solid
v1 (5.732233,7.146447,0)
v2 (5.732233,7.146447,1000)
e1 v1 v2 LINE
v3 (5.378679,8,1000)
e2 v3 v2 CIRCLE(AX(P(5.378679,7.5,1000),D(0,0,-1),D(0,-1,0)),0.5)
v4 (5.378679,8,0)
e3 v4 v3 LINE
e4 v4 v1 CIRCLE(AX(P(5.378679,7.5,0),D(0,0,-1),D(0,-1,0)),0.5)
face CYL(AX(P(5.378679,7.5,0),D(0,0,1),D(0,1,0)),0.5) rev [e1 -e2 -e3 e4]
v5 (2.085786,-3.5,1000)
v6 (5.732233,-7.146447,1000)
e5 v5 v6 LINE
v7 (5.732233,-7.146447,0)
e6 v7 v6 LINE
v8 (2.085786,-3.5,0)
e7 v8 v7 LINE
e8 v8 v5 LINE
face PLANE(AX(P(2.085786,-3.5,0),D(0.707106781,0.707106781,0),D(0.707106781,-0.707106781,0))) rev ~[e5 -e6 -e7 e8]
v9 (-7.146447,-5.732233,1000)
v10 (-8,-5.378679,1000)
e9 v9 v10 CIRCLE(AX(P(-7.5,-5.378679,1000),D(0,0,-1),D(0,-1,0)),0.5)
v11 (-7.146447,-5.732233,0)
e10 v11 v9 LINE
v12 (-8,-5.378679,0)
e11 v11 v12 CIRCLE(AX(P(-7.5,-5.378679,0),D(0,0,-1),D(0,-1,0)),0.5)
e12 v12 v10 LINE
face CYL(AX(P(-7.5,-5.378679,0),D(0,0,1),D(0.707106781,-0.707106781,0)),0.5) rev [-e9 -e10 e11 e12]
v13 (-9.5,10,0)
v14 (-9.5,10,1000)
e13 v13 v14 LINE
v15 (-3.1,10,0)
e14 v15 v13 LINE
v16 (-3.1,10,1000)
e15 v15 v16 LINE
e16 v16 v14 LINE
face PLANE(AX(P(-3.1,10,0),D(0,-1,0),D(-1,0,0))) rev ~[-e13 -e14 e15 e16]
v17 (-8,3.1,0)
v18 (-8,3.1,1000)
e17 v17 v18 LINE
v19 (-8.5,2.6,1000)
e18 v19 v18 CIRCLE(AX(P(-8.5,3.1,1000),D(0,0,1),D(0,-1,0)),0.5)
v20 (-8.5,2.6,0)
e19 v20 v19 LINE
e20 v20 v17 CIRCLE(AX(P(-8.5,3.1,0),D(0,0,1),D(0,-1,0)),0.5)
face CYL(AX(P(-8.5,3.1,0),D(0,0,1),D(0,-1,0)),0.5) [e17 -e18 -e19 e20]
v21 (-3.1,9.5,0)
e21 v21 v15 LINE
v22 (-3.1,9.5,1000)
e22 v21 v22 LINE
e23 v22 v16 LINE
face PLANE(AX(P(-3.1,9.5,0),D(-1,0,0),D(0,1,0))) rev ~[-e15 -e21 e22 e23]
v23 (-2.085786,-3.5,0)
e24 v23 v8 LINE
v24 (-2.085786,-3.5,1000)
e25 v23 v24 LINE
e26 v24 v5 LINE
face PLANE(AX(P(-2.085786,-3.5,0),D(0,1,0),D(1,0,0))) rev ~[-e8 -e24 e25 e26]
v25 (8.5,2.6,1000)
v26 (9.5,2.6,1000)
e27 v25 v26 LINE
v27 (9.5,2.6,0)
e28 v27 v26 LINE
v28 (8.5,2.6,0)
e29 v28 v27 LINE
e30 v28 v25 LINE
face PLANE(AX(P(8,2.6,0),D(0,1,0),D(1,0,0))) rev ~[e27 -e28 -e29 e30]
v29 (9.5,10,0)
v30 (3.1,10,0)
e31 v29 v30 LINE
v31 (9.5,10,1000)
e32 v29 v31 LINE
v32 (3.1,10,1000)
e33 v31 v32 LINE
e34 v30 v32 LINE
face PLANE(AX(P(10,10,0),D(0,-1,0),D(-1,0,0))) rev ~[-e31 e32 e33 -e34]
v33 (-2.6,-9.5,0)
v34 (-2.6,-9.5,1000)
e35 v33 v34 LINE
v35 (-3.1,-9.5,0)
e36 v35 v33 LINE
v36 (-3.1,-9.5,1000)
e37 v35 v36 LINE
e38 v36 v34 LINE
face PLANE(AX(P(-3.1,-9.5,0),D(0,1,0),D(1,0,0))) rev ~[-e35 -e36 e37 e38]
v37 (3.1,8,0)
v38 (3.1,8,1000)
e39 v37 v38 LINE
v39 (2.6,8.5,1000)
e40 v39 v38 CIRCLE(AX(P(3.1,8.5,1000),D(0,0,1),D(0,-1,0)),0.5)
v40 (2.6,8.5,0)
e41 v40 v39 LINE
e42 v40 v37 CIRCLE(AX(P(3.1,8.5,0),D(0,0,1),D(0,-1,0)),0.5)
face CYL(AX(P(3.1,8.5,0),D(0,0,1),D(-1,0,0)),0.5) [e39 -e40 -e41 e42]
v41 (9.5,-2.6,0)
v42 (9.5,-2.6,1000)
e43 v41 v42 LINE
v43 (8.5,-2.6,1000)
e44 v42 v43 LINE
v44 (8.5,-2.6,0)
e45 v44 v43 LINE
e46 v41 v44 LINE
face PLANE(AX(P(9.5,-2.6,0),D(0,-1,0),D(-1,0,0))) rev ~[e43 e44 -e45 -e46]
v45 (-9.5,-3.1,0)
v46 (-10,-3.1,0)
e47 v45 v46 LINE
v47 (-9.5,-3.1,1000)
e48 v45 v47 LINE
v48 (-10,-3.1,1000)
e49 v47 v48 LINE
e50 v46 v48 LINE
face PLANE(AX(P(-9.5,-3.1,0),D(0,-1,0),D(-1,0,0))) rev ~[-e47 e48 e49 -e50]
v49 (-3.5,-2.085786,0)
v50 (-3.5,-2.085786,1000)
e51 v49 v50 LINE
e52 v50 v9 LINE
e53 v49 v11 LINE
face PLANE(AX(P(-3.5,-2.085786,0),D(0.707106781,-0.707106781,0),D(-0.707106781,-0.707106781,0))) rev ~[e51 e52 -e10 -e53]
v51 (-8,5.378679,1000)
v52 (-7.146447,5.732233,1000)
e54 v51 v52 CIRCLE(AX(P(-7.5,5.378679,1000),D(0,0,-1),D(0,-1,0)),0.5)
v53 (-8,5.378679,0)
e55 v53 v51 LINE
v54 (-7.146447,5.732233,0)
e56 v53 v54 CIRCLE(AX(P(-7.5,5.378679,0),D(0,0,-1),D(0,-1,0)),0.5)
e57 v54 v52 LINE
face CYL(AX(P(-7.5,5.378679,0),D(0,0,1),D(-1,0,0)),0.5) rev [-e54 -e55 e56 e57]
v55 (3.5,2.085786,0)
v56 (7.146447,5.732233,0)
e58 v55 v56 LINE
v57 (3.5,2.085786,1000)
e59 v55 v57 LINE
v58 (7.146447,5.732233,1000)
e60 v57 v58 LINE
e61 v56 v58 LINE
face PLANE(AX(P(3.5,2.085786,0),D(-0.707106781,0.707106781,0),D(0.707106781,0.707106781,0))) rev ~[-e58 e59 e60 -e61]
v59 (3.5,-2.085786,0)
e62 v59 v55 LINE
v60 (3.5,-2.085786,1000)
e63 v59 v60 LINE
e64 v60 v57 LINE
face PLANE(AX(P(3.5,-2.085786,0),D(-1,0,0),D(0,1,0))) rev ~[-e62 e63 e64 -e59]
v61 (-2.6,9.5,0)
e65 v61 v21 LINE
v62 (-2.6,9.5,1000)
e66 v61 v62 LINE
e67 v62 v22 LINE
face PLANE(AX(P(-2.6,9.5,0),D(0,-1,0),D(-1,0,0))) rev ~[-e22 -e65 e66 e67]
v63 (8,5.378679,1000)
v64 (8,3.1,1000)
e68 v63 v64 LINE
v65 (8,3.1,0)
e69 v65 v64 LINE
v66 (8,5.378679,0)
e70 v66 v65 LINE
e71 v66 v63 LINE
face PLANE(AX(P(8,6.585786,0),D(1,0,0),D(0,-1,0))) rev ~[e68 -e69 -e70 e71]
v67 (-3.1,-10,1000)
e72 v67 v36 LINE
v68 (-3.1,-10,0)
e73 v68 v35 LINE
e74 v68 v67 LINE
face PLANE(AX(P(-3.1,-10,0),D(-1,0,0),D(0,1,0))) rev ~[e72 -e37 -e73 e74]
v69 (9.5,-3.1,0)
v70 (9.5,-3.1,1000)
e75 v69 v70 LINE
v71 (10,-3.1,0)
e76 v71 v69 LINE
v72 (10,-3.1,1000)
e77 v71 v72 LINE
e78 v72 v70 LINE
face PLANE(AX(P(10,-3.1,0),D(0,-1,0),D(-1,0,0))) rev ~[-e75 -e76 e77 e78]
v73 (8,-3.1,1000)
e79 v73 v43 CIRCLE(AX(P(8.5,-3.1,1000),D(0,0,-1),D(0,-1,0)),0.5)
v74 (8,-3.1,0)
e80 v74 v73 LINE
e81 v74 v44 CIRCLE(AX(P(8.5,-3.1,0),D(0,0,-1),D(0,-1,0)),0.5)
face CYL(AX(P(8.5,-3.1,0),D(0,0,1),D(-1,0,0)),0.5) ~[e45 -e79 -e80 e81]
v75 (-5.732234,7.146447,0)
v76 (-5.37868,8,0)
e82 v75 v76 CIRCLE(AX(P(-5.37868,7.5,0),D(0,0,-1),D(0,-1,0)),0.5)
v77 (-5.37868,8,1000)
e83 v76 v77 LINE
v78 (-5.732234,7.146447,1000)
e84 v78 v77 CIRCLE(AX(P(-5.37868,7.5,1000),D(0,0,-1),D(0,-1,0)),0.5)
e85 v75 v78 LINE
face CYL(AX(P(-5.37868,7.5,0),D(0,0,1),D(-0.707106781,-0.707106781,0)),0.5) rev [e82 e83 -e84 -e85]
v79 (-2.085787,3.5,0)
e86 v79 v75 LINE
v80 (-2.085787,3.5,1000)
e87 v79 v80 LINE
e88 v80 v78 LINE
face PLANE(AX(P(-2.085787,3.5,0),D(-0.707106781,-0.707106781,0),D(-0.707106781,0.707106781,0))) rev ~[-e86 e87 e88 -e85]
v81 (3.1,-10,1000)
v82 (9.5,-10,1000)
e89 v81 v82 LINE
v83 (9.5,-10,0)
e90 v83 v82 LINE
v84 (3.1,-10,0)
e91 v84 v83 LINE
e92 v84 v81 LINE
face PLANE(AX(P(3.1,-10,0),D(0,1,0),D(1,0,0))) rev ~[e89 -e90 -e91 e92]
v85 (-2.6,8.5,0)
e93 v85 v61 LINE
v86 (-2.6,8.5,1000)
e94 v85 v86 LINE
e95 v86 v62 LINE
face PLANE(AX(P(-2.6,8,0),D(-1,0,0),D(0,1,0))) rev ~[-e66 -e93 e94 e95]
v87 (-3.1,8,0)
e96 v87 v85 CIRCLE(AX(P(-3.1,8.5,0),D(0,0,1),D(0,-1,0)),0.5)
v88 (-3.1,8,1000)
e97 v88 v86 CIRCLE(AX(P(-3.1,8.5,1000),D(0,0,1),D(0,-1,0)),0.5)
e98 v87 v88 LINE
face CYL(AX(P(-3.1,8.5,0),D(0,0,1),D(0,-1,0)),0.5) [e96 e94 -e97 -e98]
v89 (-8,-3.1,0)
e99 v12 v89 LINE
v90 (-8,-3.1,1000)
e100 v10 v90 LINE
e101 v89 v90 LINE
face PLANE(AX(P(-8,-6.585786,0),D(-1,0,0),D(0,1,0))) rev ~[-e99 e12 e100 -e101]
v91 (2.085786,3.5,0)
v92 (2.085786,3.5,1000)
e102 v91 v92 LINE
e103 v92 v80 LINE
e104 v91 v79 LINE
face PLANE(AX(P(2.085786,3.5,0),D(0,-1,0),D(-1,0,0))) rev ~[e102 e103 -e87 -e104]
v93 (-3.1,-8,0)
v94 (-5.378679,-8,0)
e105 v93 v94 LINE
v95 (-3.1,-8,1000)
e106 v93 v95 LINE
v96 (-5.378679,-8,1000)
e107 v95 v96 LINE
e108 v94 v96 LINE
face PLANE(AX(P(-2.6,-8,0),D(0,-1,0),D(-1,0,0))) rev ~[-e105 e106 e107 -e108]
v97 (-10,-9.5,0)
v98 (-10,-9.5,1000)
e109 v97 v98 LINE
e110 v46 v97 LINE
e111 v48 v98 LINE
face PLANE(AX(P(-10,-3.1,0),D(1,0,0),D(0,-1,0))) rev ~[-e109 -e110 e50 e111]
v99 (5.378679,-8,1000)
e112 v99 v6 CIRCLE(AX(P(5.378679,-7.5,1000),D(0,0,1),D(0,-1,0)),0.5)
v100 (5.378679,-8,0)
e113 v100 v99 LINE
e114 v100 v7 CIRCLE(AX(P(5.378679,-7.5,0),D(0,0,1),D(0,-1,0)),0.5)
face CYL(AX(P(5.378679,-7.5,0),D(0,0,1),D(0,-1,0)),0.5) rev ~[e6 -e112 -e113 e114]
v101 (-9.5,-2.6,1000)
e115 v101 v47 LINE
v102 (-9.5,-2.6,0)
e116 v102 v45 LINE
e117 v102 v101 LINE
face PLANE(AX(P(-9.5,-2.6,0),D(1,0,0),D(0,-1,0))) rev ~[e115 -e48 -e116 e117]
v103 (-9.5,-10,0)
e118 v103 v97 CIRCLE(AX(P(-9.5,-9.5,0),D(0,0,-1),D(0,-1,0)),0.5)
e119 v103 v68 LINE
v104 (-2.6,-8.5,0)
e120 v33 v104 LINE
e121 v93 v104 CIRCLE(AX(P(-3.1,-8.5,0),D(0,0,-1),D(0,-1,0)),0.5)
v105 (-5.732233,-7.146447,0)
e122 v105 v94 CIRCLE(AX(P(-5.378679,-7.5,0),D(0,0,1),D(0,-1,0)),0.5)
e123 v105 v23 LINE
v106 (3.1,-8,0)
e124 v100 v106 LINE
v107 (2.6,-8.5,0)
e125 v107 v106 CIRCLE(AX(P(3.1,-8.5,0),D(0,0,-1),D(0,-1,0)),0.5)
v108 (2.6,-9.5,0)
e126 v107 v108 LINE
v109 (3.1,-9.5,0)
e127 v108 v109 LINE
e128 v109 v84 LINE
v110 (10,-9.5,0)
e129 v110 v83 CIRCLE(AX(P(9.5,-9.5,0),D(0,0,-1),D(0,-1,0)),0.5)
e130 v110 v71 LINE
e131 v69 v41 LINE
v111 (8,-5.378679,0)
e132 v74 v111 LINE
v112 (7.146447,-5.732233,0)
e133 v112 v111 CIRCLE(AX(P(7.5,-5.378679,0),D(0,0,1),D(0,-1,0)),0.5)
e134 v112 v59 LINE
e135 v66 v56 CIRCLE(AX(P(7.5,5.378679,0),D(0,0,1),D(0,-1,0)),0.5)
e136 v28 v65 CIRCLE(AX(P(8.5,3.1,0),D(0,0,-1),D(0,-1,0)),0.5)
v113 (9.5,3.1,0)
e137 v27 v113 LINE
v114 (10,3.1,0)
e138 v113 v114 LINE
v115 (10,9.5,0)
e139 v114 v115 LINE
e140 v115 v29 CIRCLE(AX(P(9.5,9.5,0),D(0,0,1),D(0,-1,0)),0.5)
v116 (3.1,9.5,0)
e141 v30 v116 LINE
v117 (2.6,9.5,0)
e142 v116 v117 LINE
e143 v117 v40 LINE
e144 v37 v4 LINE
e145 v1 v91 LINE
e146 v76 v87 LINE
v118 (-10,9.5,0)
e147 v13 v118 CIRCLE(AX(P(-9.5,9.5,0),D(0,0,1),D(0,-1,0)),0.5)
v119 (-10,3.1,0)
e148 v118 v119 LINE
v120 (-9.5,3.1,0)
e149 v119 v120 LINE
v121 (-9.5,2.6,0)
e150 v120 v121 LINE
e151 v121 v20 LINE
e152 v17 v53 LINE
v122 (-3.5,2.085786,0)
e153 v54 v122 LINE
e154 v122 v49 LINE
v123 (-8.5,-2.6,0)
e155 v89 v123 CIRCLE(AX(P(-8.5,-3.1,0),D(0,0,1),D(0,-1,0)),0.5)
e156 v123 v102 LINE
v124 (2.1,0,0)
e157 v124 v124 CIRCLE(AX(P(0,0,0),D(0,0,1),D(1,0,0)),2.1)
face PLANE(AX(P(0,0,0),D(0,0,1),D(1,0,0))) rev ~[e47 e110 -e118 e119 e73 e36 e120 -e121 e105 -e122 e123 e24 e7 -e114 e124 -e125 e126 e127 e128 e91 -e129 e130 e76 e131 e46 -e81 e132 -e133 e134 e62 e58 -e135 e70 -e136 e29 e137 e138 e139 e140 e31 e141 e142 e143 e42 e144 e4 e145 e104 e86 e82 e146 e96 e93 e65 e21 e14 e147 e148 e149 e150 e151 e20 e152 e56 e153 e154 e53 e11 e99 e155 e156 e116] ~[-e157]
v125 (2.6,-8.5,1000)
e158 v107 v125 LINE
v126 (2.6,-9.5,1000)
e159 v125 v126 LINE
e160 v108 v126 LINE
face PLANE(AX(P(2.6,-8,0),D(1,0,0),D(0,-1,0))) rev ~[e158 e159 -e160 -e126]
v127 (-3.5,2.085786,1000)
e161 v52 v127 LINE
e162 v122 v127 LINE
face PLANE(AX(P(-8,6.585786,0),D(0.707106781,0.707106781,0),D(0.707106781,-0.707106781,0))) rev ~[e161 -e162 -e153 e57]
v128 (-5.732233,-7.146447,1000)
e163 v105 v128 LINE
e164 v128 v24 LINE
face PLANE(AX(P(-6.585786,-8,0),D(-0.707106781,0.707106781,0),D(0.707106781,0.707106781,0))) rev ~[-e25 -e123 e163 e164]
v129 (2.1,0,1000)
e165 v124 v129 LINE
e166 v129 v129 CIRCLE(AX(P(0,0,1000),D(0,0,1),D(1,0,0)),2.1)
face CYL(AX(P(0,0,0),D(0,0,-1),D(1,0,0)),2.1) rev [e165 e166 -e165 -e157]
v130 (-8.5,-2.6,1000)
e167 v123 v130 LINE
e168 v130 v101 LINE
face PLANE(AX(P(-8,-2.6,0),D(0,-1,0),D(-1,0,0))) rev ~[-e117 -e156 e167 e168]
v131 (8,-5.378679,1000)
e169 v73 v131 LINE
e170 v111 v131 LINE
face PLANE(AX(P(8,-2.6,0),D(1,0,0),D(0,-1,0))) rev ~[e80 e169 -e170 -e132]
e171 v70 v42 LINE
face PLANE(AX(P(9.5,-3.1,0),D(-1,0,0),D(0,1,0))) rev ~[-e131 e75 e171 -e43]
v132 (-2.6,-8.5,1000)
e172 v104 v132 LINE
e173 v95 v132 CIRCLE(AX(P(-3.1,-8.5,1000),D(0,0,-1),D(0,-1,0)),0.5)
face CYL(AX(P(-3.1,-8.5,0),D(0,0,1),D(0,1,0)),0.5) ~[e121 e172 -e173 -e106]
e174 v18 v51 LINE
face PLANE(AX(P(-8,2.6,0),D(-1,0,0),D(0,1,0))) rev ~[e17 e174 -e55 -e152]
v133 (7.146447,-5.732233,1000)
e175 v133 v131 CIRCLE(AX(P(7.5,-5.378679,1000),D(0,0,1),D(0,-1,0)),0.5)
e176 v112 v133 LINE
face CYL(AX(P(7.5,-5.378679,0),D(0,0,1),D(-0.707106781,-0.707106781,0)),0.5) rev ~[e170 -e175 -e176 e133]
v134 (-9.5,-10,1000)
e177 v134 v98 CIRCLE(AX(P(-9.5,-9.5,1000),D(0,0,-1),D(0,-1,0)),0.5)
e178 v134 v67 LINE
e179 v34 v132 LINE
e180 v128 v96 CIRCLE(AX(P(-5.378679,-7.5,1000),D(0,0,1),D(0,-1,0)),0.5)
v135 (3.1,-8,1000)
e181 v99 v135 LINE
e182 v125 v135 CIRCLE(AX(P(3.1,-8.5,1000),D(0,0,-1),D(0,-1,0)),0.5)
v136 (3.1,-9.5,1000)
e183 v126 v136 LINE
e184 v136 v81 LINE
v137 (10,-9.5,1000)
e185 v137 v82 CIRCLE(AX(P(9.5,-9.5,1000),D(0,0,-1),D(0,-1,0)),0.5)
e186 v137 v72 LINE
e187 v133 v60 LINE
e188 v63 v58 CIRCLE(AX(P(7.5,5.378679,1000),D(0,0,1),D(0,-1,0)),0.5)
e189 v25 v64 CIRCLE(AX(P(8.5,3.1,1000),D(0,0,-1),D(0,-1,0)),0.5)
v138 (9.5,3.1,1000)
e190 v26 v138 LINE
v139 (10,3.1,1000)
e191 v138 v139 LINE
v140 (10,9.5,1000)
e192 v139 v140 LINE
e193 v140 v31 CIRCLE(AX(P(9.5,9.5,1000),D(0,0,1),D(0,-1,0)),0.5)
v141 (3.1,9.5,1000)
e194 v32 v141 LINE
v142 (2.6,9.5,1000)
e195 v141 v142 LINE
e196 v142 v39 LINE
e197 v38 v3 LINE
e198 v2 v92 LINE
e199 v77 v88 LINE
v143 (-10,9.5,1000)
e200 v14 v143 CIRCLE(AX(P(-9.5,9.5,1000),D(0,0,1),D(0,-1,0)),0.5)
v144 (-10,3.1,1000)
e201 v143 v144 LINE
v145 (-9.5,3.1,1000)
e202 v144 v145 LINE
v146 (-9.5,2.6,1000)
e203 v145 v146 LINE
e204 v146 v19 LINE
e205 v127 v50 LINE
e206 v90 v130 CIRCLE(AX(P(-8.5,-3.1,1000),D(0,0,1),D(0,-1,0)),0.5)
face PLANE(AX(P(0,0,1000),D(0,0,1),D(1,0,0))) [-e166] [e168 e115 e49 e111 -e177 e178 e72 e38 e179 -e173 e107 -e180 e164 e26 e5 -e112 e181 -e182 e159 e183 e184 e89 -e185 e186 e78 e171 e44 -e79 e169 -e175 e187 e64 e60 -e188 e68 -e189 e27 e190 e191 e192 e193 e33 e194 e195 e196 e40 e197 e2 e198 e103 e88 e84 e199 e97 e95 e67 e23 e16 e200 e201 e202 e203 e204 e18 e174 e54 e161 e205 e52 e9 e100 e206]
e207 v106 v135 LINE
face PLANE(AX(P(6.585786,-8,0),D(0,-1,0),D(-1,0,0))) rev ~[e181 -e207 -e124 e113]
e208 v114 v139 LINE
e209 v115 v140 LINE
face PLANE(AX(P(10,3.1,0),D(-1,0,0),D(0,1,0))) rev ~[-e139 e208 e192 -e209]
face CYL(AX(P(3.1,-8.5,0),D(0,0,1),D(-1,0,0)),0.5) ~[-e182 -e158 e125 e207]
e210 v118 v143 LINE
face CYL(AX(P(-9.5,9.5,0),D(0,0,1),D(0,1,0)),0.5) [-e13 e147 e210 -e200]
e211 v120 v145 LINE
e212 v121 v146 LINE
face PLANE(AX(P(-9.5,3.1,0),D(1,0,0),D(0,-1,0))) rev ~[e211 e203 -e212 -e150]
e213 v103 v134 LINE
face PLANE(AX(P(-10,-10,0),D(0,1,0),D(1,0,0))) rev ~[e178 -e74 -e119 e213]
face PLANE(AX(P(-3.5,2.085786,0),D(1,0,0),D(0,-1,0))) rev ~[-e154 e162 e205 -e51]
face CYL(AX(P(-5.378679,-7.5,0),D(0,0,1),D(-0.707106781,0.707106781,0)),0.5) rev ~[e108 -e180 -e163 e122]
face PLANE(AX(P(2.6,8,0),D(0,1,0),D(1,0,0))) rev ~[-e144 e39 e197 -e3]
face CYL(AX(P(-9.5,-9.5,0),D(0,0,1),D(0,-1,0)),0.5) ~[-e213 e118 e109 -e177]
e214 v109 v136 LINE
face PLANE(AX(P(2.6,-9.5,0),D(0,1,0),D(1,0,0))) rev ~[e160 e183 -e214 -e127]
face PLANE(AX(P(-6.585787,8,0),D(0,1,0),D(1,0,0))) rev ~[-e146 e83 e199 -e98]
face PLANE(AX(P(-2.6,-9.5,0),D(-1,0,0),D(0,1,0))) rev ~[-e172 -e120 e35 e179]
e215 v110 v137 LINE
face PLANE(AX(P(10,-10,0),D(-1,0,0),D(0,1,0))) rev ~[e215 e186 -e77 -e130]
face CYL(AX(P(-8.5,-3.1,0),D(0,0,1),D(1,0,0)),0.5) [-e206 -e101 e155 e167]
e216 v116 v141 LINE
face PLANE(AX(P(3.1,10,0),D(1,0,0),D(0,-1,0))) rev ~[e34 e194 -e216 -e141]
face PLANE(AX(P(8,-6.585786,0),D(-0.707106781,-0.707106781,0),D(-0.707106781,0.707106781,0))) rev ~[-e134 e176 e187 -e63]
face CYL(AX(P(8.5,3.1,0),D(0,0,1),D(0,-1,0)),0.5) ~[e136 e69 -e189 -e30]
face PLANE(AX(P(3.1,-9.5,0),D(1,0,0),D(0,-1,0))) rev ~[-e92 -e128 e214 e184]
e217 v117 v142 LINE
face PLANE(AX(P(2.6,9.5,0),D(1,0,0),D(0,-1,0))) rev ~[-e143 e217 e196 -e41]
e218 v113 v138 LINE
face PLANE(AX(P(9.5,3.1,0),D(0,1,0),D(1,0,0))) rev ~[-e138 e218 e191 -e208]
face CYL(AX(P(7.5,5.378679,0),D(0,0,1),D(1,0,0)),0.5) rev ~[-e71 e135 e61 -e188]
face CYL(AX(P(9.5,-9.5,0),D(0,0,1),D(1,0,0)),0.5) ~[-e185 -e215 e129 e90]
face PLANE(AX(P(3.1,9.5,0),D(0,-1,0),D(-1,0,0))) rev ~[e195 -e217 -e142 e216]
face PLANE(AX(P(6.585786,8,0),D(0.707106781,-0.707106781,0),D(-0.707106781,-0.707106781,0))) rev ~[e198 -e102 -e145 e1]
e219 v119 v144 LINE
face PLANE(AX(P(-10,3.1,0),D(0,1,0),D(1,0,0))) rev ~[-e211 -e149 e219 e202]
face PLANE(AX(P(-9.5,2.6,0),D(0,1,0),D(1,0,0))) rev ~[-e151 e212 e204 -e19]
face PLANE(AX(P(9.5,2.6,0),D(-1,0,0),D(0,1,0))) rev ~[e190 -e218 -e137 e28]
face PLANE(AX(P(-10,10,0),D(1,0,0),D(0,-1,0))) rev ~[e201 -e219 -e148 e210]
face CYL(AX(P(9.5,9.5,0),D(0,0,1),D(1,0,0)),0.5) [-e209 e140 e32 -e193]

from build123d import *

# Parameters (mm, degrees)
F0_R     = 2.1
F1_DEPTH = 1000
F2_R     = 0.5


with BuildPart() as f1:
    # F0 (on Top) → F1 (new body)
    with BuildSketch(Plane.XY):
        Polygon((10, 3.1), (10, 10), (3.1, 10), (3.1, 9.5), (2.6, 9.5), (2.6, 8), (6.585786, 8), (2.085786, 3.5), (-2.085787, 3.5), (-6.585787, 8), (-2.6, 8), (-2.6, 9.5), (-3.1, 9.5), (-3.1, 10), (-10, 10), (-10, 3.1), (-9.5, 3.1), (-9.5, 2.6), (-8, 2.6), (-8, 6.585786), (-3.5, 2.085786), (-3.5, -2.085786), (-8, -6.585786), (-8, -2.6), (-9.5, -2.6), (-9.5, -3.1), (-10, -3.1), (-10, -10), (-3.1, -10), (-3.1, -9.5), (-2.6, -9.5), (-2.6, -8), (-6.585786, -8), (-2.085786, -3.5), (2.085786, -3.5), (6.585786, -8), (2.6, -8), (2.6, -9.5), (3.1, -9.5), (3.1, -10), (10, -10), (10, -3.1), (9.5, -3.1), (9.5, -2.6), (8, -2.6), (8, -6.585786), (3.5, -2.085786), (3.5, 2.085786), (8, 6.585786), (8, 2.6), (9.5, 2.6), (9.5, 3.1), align=None)
        Circle(F0_R, mode=Mode.SUBTRACT)
    extrude(amount=F1_DEPTH)

    # F2
    f2_edges = [f1.edges().sort_by_distance(p)[0] for p in [
        (-10, 10, 500),
        (-10, -10, 500),
        (10, -10, 500),
        (10, 10, 500),
        (6.585786, 8, 500),
        (8, 6.585786, 500),
        (-8, 6.585786, 500),
        (-6.585787, 8, 500),
        (-6.585786, -8, 500),
        (-8, -6.585786, 500),
        (8, -6.585786, 500),
        (6.585786, -8, 500),
        (2.6, 8, 500),
        (8, 2.6, 500),
        (8, -2.6, 500),
        (-8, -2.6, 500),
        (-2.6, -8, 500),
        (-2.6, 8, 500),
        (-8, 2.6, 500),
        (2.6, -8, 500),
    ]]
    fillet(f2_edges, radius=F2_R)


solid = f1.part
